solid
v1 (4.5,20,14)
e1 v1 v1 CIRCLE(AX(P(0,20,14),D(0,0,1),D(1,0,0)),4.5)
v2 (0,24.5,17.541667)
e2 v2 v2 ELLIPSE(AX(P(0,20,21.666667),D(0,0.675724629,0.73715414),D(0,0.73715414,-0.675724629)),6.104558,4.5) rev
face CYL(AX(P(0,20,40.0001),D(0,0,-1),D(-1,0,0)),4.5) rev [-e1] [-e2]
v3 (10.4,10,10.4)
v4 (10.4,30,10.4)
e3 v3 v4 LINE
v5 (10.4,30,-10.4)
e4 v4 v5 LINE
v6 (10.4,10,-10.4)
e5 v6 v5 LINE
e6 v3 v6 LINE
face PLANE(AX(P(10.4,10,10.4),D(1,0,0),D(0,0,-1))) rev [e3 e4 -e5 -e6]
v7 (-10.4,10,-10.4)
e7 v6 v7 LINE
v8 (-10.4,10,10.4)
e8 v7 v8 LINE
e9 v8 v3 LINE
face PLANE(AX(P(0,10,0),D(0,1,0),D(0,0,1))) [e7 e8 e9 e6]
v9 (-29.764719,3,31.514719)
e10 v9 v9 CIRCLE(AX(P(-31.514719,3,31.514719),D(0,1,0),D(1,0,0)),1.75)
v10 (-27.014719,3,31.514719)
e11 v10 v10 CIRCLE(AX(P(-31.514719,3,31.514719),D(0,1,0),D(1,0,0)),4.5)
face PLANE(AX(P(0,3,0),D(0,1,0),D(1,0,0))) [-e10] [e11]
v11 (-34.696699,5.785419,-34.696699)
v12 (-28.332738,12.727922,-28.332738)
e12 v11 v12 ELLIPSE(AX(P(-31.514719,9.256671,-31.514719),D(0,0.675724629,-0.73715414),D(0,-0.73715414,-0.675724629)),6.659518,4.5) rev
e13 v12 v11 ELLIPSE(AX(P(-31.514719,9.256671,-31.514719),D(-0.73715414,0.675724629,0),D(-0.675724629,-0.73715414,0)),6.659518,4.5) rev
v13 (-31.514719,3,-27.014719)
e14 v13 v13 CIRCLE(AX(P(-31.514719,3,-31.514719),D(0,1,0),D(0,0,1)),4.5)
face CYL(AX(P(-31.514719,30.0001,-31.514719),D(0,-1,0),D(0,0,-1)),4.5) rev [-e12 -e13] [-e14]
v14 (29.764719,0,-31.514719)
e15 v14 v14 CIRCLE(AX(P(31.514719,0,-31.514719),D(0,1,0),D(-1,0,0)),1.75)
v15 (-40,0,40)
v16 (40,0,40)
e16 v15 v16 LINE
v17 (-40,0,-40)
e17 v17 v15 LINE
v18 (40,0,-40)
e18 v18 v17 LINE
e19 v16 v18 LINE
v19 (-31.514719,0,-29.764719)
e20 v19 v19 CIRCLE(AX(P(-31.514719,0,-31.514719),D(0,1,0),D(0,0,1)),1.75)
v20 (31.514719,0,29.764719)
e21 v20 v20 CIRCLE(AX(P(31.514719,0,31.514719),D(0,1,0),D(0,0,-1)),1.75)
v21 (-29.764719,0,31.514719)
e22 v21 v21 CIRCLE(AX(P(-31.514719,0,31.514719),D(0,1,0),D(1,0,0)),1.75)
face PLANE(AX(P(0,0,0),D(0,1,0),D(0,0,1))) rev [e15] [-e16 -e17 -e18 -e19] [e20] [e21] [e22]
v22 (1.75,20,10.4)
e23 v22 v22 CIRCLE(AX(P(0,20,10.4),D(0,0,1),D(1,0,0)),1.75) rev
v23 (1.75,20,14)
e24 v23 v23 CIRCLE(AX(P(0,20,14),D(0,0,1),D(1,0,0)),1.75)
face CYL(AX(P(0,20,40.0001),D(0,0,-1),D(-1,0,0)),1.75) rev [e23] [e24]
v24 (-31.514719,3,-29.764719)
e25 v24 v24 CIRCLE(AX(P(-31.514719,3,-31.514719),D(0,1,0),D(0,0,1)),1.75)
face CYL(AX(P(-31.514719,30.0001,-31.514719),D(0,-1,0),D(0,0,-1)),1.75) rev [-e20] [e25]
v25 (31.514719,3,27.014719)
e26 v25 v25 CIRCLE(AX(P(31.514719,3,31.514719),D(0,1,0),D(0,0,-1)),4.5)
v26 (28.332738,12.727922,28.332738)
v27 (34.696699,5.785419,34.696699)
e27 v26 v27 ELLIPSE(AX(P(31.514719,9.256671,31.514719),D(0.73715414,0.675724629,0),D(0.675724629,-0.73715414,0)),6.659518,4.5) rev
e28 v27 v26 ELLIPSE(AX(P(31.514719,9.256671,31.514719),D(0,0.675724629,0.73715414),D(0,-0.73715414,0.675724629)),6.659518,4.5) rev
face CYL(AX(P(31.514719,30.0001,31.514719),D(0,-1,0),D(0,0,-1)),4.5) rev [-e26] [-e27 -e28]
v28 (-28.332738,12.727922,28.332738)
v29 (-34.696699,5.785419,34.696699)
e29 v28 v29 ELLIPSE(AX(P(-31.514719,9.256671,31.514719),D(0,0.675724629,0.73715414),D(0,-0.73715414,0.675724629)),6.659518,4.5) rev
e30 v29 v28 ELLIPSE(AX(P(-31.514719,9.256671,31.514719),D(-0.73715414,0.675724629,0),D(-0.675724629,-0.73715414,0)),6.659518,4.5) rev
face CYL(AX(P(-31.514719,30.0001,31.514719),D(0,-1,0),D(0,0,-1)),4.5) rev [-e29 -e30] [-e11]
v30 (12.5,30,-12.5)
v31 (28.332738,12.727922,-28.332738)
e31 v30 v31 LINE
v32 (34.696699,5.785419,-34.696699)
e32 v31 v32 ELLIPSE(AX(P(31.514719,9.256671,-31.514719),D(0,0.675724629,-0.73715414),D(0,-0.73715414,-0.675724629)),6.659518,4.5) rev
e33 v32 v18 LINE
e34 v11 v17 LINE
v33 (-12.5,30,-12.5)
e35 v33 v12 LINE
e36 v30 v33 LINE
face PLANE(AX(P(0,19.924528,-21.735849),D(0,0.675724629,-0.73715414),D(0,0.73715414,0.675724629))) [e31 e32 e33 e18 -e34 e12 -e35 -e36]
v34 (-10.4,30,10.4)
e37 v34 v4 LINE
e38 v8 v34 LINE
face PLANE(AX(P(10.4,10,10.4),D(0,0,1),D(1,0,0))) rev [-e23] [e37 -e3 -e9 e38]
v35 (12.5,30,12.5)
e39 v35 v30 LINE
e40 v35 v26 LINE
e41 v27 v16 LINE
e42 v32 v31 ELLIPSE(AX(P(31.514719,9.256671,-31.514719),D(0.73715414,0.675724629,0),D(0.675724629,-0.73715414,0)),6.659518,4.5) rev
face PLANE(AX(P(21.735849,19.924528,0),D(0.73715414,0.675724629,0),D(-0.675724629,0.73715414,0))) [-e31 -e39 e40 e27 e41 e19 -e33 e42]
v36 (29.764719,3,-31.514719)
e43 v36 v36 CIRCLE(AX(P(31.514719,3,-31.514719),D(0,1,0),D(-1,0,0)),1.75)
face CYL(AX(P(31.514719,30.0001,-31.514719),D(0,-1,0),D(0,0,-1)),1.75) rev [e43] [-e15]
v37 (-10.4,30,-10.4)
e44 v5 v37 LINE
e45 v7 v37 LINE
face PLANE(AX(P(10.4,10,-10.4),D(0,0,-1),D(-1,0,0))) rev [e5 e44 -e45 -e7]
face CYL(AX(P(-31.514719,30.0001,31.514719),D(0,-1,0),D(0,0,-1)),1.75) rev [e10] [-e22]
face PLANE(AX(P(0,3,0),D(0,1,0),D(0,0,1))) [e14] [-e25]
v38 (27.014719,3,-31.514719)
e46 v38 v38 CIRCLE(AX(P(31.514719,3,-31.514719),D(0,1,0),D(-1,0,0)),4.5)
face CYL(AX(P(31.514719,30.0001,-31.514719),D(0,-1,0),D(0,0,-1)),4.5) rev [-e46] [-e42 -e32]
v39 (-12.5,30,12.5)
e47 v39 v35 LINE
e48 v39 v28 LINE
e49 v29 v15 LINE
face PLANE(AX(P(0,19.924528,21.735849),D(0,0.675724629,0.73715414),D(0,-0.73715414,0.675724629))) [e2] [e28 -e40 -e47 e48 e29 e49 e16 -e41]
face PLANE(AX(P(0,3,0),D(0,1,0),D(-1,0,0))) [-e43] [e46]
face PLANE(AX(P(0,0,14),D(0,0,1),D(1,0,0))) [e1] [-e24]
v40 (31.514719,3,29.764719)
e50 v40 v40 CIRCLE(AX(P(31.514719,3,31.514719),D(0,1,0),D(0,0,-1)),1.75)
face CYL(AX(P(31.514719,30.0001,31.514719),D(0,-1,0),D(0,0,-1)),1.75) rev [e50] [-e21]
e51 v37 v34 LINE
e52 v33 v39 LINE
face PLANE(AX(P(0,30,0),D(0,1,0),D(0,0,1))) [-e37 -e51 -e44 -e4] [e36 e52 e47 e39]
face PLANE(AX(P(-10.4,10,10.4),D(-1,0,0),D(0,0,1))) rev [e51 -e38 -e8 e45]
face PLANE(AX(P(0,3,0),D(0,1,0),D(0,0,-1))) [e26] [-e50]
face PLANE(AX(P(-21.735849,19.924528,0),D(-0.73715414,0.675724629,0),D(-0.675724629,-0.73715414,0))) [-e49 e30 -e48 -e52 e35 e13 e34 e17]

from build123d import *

# Parameters (mm, degrees)
SKETCH3_W          = 20.8
SKETCH3_H          = 20.8
CUT_EXTRUDE1_DEPTH = 20
SKETCH4_R          = 1.75
CUT_EXTRUDE2_DEPTH = 65.031242546
CUT_EXTRUDE5_START = 14
SKETCH4_3_R        = 4.5
SKETCH4_3_R_2      = 1.75
CUT_EXTRUDE5_DEPTH = 51.031242546
SKETCH5_R          = 1.75
CUT_EXTRUDE6_DEPTH = 65.031242546
CUT_EXTRUDE7_START = 3
SKETCH5_3_R        = 4.5
SKETCH5_3_R_2      = 1.75
CUT_EXTRUDE7_DEPTH = 62.031242546
CIRPATTERN1_COUNT  = 4


with BuildPart() as part:
    # Sketch2 → Loft1 section 0
    with BuildSketch(Plane(origin=(0, 30, 0), x_dir=(1, 0, 0), z_dir=(0, 1, 0))):
        with BuildLine():
            Line((12.5, -12.5), (-12.5, -12.5))
            Line((-12.5, -12.5), (-12.5, 12.5))
            Line((-12.5, 12.5), (12.5, 12.5))
            Line((12.5, 12.5), (12.5, -12.5))
        make_face()
    # Sketch1 → Loft1 section 1
    with BuildSketch(Plane(origin=(0, 0, 0), x_dir=(1, 0, 0), z_dir=(0, 1, 0))):
        with BuildLine():
            Line((40, -40), (-40, -40))
            Line((-40, -40), (-40, 40))
            Line((-40, 40), (40, 40))
            Line((40, 40), (40, -40))
        make_face()
    loft()

    # Sketch3 → Cut-Extrude1 (cut)
    with BuildSketch(Plane(origin=(0, 30, 0), x_dir=(1, 0, 0), z_dir=(0, 1, 0))):
        Rectangle(SKETCH3_W, SKETCH3_H)
    extrude(amount=-CUT_EXTRUDE1_DEPTH, mode=Mode.SUBTRACT)

    # Sketch4 → Cut-Extrude2 (cut, through all)
    with BuildSketch(Plane.XY):
        with Locations((0, 20)):
            Circle(SKETCH4_R)
    extrude(amount=CUT_EXTRUDE2_DEPTH, mode=Mode.SUBTRACT)

    # Sketch4<3> → Cut-Extrude5 (cut, through all)
    with BuildSketch(Plane.XY.offset(CUT_EXTRUDE5_START)):
        with Locations((0, 20)):
            Circle(SKETCH4_3_R)
        with Locations((0, 20)):
            Circle(SKETCH4_3_R_2, mode=Mode.SUBTRACT)
    extrude(amount=CUT_EXTRUDE5_DEPTH, mode=Mode.SUBTRACT)

    # Sketch5 → Cut-Extrude6 (cut, through all)
    with BuildSketch(Plane(origin=(0, 0, 0), x_dir=(1, 0, 0), z_dir=(0, 1, 0))):
        with Locations((-31.514718626, 31.514718626)):
            Circle(SKETCH5_R)
    cut_extrude6 = extrude(amount=CUT_EXTRUDE6_DEPTH, mode=Mode.SUBTRACT)

    # Sketch5<3> → Cut-Extrude7 (cut, through all)
    with BuildSketch(Plane(origin=(0, 0, 0), x_dir=(1, 0, 0), z_dir=(0, 1, 0)).offset(CUT_EXTRUDE7_START)):
        with Locations((-31.514718626, 31.514718626)):
            Circle(SKETCH5_3_R)
        with Locations((-31.514718626, 31.514718626)):
            Circle(SKETCH5_3_R_2, mode=Mode.SUBTRACT)
    cut_extrude7 = extrude(amount=CUT_EXTRUDE7_DEPTH, mode=Mode.SUBTRACT)

    # CirPattern1: Cut-Extrude6, Cut-Extrude7 ×4 about axis
    cirpattern1_axis = Axis((0, 0, 0), (0, 1, 0))
    add([cut_extrude6.rotate(cirpattern1_axis, i * 360 / CIRPATTERN1_COUNT) for i in range(1, CIRPATTERN1_COUNT)], mode=Mode.SUBTRACT)
    add([cut_extrude7.rotate(cirpattern1_axis, i * 360 / CIRPATTERN1_COUNT) for i in range(1, CIRPATTERN1_COUNT)], mode=Mode.SUBTRACT)


solid = part.part
